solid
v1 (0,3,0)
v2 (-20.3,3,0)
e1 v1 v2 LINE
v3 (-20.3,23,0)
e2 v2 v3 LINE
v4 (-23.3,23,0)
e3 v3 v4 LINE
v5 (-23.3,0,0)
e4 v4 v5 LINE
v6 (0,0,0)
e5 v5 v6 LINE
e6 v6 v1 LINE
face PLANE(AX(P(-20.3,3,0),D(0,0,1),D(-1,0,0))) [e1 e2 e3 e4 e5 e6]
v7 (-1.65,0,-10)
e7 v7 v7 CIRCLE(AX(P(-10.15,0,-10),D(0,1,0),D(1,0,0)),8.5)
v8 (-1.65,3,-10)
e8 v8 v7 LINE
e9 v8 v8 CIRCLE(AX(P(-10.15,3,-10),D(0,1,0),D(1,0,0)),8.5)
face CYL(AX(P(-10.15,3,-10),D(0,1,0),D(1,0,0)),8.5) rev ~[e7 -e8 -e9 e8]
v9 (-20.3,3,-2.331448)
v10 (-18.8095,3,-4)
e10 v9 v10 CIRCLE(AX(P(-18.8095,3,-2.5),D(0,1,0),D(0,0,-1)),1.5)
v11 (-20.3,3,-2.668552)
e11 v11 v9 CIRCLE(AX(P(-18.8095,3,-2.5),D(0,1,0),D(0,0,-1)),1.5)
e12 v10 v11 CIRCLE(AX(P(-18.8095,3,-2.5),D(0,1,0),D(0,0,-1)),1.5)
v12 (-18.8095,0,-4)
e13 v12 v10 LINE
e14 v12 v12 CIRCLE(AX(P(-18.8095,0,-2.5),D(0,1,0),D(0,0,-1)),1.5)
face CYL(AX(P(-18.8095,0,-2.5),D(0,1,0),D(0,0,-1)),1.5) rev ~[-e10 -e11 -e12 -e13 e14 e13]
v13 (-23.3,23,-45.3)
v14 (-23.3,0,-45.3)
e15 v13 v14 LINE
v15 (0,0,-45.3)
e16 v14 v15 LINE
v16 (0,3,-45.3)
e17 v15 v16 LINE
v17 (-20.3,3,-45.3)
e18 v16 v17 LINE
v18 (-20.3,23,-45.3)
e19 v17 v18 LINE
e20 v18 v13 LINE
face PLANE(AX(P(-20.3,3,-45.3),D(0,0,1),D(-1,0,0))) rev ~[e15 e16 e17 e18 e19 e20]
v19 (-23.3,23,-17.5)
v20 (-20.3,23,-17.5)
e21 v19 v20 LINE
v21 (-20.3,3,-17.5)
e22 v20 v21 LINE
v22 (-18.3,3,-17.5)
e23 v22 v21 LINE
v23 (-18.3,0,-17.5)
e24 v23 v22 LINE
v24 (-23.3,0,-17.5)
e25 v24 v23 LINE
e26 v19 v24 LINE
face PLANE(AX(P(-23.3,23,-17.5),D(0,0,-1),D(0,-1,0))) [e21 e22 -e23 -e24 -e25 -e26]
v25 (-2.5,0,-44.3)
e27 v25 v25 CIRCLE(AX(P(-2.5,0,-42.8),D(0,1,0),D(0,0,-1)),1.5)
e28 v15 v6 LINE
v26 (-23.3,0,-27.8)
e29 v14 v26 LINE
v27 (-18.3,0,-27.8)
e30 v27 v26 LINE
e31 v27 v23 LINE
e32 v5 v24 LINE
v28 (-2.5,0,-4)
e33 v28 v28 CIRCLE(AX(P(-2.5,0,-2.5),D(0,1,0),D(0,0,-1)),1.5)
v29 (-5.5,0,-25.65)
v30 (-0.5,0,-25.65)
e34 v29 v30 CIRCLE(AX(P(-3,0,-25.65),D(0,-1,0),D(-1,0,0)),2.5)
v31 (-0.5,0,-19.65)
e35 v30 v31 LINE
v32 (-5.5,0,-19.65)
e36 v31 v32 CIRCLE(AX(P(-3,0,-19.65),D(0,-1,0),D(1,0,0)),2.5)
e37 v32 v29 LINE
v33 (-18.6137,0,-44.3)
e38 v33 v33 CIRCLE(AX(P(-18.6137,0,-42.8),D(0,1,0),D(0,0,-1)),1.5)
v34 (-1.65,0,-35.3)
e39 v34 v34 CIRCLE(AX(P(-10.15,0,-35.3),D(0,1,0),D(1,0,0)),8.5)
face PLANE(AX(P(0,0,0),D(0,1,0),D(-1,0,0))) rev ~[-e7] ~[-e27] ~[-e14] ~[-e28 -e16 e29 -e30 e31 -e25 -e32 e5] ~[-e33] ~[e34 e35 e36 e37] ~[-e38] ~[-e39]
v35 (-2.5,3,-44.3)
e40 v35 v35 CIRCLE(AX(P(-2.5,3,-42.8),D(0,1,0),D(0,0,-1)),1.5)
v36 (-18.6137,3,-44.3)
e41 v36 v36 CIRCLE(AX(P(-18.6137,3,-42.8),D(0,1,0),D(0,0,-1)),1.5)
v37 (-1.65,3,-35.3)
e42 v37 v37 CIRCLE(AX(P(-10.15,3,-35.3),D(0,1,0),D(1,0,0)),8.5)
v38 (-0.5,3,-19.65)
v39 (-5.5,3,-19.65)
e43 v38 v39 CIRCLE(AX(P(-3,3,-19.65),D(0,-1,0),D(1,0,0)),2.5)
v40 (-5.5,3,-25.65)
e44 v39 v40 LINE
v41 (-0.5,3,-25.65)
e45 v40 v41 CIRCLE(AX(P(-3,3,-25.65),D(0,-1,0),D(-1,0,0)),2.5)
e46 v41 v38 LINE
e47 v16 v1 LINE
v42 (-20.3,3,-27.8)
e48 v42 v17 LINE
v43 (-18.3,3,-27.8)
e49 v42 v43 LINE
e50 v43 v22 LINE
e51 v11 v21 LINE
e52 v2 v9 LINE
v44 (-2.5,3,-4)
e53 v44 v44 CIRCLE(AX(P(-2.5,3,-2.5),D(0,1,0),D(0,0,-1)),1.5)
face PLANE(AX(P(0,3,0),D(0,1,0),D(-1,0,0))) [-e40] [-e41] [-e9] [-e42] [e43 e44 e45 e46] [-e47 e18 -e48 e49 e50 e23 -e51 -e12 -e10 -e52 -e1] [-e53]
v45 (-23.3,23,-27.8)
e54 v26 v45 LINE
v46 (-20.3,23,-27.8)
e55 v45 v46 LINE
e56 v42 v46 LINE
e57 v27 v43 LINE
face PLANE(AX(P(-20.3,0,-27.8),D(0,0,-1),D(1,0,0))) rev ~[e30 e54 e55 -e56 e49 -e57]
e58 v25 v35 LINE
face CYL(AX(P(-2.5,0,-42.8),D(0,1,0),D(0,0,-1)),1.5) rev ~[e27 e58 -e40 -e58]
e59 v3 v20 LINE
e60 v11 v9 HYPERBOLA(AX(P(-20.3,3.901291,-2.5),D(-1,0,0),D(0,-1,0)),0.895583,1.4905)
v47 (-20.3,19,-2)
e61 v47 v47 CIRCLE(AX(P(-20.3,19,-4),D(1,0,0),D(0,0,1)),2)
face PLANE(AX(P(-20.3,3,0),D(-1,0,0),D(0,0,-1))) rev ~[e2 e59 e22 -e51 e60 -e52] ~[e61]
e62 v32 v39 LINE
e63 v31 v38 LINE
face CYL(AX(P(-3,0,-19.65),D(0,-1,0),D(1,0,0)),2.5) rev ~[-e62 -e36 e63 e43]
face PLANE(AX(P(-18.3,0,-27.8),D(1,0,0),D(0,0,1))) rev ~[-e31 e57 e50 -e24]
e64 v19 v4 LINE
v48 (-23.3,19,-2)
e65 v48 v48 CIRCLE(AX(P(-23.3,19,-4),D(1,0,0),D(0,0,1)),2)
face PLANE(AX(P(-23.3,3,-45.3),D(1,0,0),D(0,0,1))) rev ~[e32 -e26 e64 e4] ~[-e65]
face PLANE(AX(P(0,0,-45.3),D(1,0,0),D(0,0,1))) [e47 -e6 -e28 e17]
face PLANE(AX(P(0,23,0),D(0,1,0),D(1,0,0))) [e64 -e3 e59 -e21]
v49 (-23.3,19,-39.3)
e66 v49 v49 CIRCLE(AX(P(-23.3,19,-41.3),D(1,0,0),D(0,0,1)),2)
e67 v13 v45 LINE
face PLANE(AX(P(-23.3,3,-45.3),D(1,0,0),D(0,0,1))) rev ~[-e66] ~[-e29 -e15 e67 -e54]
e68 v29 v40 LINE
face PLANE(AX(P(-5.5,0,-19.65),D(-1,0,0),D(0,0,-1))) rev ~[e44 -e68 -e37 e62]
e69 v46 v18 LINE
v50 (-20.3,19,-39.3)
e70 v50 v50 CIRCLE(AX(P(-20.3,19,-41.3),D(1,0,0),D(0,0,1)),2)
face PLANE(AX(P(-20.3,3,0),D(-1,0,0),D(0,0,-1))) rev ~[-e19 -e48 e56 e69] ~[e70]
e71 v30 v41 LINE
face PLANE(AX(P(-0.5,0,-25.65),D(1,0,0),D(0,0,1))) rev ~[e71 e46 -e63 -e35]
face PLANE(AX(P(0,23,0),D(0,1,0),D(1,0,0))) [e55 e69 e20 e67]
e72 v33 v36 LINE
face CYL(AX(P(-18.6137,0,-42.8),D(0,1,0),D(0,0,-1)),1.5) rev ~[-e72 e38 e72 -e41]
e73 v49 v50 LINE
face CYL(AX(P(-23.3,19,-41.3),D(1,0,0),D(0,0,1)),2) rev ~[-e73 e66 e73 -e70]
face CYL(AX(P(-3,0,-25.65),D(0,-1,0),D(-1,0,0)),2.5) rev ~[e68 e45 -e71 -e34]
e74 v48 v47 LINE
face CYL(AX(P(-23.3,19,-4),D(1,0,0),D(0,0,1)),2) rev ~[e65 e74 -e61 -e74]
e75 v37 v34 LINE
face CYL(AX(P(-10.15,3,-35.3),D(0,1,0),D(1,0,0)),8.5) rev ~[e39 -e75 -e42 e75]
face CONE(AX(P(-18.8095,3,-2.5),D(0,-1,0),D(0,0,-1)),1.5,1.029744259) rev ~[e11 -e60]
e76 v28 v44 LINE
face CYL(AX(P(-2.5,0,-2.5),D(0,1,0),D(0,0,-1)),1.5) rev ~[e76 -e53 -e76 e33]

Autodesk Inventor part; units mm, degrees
ref_plane "YZ Plane" through (0, 0, 0) normal (1, 0, 0) x (0, 1, 0)
ref_plane "XZ Plane" through (0, 0, 0) normal (0, 1, 0) x (-1, 0, 0)
ref_plane "XY Plane" through (0, 0, 0) normal (0, 0, 1) x (1, 0, 0)
sketch "Sketch1" plane through (0, 0, 0) normal (0, 1, 0) x (-1, 0, 0)
  line L0 (0, 0) -> (20.3, 0)
  line L1 (20.3, 0) -> (20.3, -45.3)
  line L2 (20.3, -45.3) -> (0, -45.3)
  line L3 (0, -45.3) -> (0, 0)
  dimension "d0" = 20.3
  dimension "d1" = 45.3
extrude "Extrusion1" add sketch "Sketch1" along normal blind 3
sketch "Sketch2" plane through (0, 3, 0) normal (0, 1, 0) x (1, 0, 0)
  circle A0 centre (-10.15, 10) radius 8.5
  line L0 (-20.3, 45.3) -> (-20.3, 0) projected
  line L1 (0, 0) -> (0, 45.3) projected
  line L2 (-20.3, 0) -> (0, 0) projected
  circle A1 centre (-10.15, 35.3) radius 8.5
  line L3 (0, 45.3) -> (-20.3, 45.3) projected
  dimension "d4" = 17
  dimension "d5" = 10.15
  dimension "d6" = 10.15
  dimension "d7" = 10
  dimension "d8" = 17
  dimension "d9" = 10.15
  dimension "d10" = 10
extrude "Extrusion2" cut sketch "Sketch2" against normal blind 3 contours A0 | A1
sketch "Sketch3" plane through (-20.3, 0, -45.3) normal (-1, 0, 0) x (0, 0, 1)
  line L0 (45.3, 3) -> (0, 3) projected
  line L1 (45.3, 0) -> (27.8, 0)
  line L2 (27.8, 0) -> (27.8, 3)
  line L3 (27.8, 3) -> (45.3, 3)
  line L4 (45.3, 3) -> (45.3, 0)
  line L5 (0, 0) -> (17.5, 0)
  line L6 (17.5, 0) -> (17.5, 3)
  line L7 (17.5, 3) -> (0, 3)
  line L8 (0, 3) -> (0, 0)
  point P0 (0, 3)
  dimension "d13" = 17.5
  dimension "d14" = 17.5
extrude "Extrusion3" add sketch "Sketch3" along normal blind 3
sketch "Sketch4" plane through (0, 3, 0) normal (0, 1, 0) x (1, 0, 0)
  line L0 (0, 0) -> (-23.3, 0) projected
  line L1 (0, 45.3) -> (-23.3, 45.3) projected
  line L2 (-23.3, 0) -> (-20.3, 0)
  line L3 (-20.3, 0) -> (-20.3, 45.3)
  line L4 (-20.3, 45.3) -> (-23.3, 45.3)
  line L5 (-23.3, 45.3) -> (-23.3, 0)
  dimension "d17" = 3
extrude "Extrusion4" add sketch "Sketch4" along normal blind 20
sketch "Sketch5" plane through (-23.3, 0, -45.3) normal (-1, 0, 0) x (0, 0, 1)
  line L0 (27.8, 0) -> (27.8, 3) projected
  line L1 (27.8, 3) -> (17.5, 3)
  line L2 (17.5, 3) -> (17.5, 23)
  line L3 (17.5, 23) -> (27.8, 23)
  line L4 (27.8, 23) -> (27.8, 3)
  line L5 (17.5, 0) -> (17.5, 3) projected
  point P0 (45.3, 0)
  dimension "d20" = 10.3
  dimension "d21" = 0
  dimension "d22" = 20
extrude "Extrusion5" cut sketch "Sketch5" against normal blind 3
sketch "Sketch6" plane through (0, 0, 0) normal (0, -1, 0) x (1, 0, 0)
  line L0 (-3, -28.15) -> (-3, -17.15) construction
  line L1 (-0.5, -25.65) -> (-0.5, -19.65)
  line L2 (-5.5, -19.65) -> (-5.5, -25.65)
  arc A0 (-5.5, -25.65) -> (-0.5, -25.65) centre (-3, -25.65) ccw
  arc A1 (-0.5, -19.65) -> (-5.5, -19.65) centre (-3, -19.65) ccw
  line L3 (0, 0) -> (0, -45.3) projected
  line L4 (0, -45.3) -> (-23.3, -45.3) projected
  point P0 (-3, -22.65)
  dimension "d25" = 11
  dimension "d26" = 5
  dimension "d27" = 0.5
  dimension "d28" = 22.65
extrude "Extrusion6" cut sketch "Sketch6" against normal blind 3
sketch "Sketch7" plane through (0, 0, 0) normal (0, -1, 0) x (1, 0, 0)
  line L0 (-20.3, -27.8) -> (-20.3, -17.5) projected
  line L1 (-20.3, -27.8) -> (-18.3, -27.8)
  line L2 (-18.3, -27.8) -> (-18.3, -17.5)
  line L3 (-18.3, -17.5) -> (-20.3, -17.5)
  line L4 (-20.3, -17.5) -> (-20.3, -27.8)
  point P0 (0, 0)
  dimension "d31" = 2
extrude "Extrusion7" cut sketch "Sketch7" against normal blind 3
sketch "Sketch8" plane through (0, 0, 0) normal (0, -1, 0) x (1, 0, 0)
  line L0 (0, 0) -> (0, -45.3) projected
  line L1 (0, -45.3) -> (-23.3, -45.3) projected
  line L2 (0, 0) -> (-23.3, 0) projected
  point P0 (-2.5, -2.5)
  point P1 (-18.8095, -2.5)
  point P2 (-18.6137, -42.8)
  point P3 (-2.5, -42.8)
  dimension "d52" = 2.5
  dimension "d53" = 2.5
  dimension "d54" = 2.5
  dimension "d55" = 2.5
  dimension "d56" = 2.5
  dimension "d57" = 2.5
hole "Hole1" at (-2.5, 0, -42.8) at (-2.5, 0, -2.5) at (-18.8095, 0, -2.5) at (-18.6137, 0, -42.8) direction (0, 1, 0) diameter 3 depth 3 tip angle 118
sketch "Sketch9" plane through (-23.3, 0, -45.3) normal (-1, 0, 0) x (0, 0, 1)
  line L0 (0, 23) -> (45.3, 23) projected
  line L1 (0, 0) -> (0, 23) projected
  line L2 (45.3, 0) -> (45.3, 23) projected
  point P0 (4, 19)
  point P1 (41.3, 19)
  dimension "d41" = 4
  dimension "d49" = 4
  dimension "d50" = 4
  dimension "d51" = 4
hole "Hole2" at (-23.3, 19, -41.3) at (-23.3, 19, -4) direction (1, 0, 0) diameter 4 depth 3 tip angle 118
properties part number "USSensorBracket"
